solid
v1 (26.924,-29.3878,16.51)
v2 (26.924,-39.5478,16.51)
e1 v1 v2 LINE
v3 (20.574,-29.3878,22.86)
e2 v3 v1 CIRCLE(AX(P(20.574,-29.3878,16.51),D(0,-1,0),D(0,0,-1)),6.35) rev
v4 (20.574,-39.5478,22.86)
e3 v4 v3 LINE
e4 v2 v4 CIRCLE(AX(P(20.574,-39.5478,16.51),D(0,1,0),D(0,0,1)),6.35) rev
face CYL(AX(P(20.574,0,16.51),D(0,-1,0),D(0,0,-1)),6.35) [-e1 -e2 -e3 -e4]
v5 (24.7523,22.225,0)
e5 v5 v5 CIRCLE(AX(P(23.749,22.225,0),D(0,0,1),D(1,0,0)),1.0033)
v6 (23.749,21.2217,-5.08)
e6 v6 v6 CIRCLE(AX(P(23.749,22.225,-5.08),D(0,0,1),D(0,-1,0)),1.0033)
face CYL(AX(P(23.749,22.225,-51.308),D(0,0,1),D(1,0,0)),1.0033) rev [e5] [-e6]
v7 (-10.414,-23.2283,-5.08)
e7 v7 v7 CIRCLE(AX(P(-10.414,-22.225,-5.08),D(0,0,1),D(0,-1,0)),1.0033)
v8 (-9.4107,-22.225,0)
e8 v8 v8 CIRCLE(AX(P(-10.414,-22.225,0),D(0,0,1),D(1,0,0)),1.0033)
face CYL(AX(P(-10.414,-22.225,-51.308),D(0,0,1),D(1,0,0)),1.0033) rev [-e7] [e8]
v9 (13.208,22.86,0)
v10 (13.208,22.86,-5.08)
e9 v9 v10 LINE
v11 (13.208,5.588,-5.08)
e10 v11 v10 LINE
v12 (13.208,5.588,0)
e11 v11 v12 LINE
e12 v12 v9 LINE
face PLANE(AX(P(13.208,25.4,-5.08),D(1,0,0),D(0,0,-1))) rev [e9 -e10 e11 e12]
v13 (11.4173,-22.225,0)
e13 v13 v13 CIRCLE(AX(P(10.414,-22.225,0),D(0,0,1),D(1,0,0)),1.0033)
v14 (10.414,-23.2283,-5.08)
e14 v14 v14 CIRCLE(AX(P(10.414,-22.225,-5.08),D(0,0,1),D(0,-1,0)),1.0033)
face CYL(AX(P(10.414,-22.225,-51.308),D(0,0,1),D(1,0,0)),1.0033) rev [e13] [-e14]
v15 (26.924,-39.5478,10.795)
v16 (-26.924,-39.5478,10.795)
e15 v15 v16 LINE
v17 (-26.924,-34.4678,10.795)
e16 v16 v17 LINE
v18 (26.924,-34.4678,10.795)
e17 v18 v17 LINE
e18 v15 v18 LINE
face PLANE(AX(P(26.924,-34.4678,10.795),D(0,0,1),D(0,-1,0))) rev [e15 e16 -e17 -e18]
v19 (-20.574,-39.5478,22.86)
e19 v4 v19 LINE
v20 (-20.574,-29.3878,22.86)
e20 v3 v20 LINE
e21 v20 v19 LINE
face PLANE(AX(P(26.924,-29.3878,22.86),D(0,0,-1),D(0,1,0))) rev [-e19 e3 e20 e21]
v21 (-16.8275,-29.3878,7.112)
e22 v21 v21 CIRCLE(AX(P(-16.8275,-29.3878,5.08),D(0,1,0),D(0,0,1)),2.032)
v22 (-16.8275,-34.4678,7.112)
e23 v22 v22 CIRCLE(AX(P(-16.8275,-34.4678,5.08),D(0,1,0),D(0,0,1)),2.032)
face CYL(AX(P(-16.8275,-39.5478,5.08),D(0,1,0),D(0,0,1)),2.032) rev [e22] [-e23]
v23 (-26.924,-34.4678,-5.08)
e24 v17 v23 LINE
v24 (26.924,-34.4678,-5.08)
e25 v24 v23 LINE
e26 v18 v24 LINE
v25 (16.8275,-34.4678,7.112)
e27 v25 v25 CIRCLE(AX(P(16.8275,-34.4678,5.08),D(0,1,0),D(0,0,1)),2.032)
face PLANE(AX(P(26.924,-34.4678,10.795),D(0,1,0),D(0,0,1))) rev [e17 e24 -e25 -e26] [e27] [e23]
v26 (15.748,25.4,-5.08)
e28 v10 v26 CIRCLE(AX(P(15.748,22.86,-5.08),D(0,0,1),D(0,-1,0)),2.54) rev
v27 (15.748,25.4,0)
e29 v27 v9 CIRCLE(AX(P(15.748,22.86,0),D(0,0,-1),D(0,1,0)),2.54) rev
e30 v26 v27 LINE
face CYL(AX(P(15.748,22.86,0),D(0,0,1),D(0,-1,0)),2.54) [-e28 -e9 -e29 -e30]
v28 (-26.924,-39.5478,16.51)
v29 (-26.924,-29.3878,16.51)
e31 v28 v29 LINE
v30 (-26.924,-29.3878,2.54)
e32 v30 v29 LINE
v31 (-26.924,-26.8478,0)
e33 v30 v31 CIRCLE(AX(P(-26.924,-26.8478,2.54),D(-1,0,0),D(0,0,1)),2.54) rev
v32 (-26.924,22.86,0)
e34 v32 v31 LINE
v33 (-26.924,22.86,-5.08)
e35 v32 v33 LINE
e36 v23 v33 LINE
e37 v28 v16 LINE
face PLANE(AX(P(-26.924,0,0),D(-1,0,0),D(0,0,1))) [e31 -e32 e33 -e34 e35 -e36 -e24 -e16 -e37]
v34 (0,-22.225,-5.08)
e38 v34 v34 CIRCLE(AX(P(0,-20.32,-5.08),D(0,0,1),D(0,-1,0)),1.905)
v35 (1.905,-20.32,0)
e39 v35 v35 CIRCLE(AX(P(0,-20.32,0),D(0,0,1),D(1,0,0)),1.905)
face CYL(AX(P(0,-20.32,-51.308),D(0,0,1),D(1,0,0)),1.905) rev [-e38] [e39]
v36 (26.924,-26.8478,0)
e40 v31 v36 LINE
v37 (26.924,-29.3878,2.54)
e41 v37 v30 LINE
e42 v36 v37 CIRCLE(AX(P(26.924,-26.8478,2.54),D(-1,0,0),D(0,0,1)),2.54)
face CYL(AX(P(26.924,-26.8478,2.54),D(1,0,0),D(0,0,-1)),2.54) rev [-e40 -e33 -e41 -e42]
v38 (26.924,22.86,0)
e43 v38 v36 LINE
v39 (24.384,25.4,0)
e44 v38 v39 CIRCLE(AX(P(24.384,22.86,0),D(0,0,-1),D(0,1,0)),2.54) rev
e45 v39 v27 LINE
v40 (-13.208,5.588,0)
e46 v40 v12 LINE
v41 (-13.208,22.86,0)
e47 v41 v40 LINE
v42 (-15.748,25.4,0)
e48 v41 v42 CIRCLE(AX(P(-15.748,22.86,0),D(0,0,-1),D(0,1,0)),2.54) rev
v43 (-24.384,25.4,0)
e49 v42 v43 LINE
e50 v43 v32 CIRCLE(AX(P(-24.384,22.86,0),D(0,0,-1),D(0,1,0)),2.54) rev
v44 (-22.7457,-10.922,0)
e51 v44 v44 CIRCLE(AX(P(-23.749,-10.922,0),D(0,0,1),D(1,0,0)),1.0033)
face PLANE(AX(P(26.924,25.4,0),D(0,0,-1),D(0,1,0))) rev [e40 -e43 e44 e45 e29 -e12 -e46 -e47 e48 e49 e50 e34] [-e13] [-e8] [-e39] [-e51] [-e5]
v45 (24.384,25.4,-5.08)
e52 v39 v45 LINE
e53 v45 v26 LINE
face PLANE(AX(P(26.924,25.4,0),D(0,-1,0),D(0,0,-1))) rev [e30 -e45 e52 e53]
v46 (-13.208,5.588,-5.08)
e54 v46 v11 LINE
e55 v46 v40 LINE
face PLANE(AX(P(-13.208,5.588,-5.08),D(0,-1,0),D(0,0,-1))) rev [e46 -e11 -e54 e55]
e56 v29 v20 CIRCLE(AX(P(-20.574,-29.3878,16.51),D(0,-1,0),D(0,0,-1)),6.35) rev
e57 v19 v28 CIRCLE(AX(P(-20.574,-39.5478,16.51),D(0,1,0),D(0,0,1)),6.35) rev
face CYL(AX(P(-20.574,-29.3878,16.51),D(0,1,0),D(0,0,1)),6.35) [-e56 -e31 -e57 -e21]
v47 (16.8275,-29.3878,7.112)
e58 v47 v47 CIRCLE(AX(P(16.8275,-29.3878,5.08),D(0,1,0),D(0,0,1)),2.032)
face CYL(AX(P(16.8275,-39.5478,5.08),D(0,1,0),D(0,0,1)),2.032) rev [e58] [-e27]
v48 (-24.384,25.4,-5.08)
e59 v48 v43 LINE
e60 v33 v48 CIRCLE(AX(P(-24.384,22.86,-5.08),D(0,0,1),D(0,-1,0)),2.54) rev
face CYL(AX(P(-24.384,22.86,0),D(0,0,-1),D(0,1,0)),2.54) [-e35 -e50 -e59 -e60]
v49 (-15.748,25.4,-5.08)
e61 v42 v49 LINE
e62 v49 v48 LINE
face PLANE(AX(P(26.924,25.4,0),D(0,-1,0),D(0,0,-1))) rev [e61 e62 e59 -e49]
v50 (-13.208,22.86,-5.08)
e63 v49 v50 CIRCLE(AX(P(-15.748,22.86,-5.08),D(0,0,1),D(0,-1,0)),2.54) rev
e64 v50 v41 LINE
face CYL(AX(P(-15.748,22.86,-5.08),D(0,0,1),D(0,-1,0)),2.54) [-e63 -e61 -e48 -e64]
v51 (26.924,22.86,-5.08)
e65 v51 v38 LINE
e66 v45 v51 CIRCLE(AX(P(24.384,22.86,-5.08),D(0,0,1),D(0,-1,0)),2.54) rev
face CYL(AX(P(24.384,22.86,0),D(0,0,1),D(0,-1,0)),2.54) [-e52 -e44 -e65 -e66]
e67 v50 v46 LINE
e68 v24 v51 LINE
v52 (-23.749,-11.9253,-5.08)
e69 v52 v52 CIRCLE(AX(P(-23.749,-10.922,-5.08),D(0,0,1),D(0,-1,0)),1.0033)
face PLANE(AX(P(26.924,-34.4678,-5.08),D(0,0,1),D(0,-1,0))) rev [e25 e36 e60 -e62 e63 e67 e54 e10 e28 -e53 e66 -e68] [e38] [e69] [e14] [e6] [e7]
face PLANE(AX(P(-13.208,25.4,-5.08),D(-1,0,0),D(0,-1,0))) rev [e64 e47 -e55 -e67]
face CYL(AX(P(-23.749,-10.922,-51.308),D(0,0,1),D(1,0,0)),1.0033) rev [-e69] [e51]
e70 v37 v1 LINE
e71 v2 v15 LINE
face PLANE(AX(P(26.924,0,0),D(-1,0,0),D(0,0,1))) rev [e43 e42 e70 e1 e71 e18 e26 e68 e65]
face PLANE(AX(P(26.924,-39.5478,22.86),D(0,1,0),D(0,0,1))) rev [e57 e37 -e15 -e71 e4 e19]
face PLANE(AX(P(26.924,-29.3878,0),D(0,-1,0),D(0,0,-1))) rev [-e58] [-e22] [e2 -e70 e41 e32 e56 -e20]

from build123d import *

# Parameters (mm, degrees)
BOSS_EXTRUDE1_DEPTH = 26.924
SKETCH2_R           = 1.0033
SKETCH2_R_2         = 1.905
CUT_EXTRUDE1_DEPTH  = 51.308
SKETCH3_W           = 26.416
SKETCH3_H           = 19.812
CUT_EXTRUDE2_DEPTH  = 5.08
FILLET1_R           = 6.35
FILLET2_R           = 2.54
FILLET3_R           = 2.54
SKETCH4_R           = 2.032
CUT_EXTRUDE3_DEPTH  = 66.185768423


with BuildPart() as part:
    # Sketch1 → Boss-Extrude1 (new, symmetric)
    with BuildSketch(Plane(origin=(0, 0, 0), x_dir=(0, 0, -1), z_dir=(1, 0, 0))):
        Polygon((-10.795, -34.4678), (5.08, -34.4678), (5.08, 25.4), (0, 25.4), (0, -29.3878), (-22.86, -29.3878), (-22.86, -39.5478), (-10.795, -39.5478), align=None)
    extrude(amount=BOSS_EXTRUDE1_DEPTH, both=True)

    # Sketch2 → Cut-Extrude1 (cut)
    with BuildSketch(Plane.XY):
        with Locations((23.749, 22.225)):
            Circle(SKETCH2_R)
        with Locations((-10.414, -22.225)):
            Circle(SKETCH2_R)
        with Locations((10.414, -22.225)):
            Circle(SKETCH2_R)
        with Locations((0, -20.32)):
            Circle(SKETCH2_R_2)
        with Locations((-23.749, -10.922)):
            Circle(SKETCH2_R)
    extrude(amount=-CUT_EXTRUDE1_DEPTH, mode=Mode.SUBTRACT)

    # Sketch3 → Cut-Extrude2 (cut)
    with BuildSketch(Plane.XY):
        with Locations((0, 15.494)):
            Rectangle(SKETCH3_W, SKETCH3_H)
    extrude(amount=-CUT_EXTRUDE2_DEPTH, mode=Mode.SUBTRACT)

    # Fillet1
    fillet1_edges = [part.edges().sort_by_distance(p)[0] for p in [
        (26.924, -34.4678, 22.86),
        (-26.924, -34.4678, 22.86),
    ]]
    fillet(fillet1_edges, radius=FILLET1_R)

    # Fillet2
    fillet2_edges = [part.edges().sort_by_distance(p)[0] for p in [
        (26.924, 25.4, -2.54),
        (-13.208, 25.4, -2.54),
        (13.208, 25.4, -2.54),
        (-26.924, 25.4, -2.54),
    ]]
    fillet(fillet2_edges, radius=FILLET2_R)

    # Fillet3
    fillet3_edges = [part.edges().sort_by_distance(p)[0] for p in [
        (0, -29.3878, 0),
    ]]
    fillet(fillet3_edges, radius=FILLET3_R)

    # Sketch4 → Cut-Extrude3 (cut, through all)
    with BuildSketch(Plane(origin=(0, -29.3878, 0), x_dir=(1, 0, 0), z_dir=(0, 1, 0))):
        with Locations(Location((-16.8275, -5.08, 0), (0, 0, 270))):
            Circle(SKETCH4_R)
        with Locations(Location((16.8275, -5.08, 0), (0, 0, 270))):
            Circle(SKETCH4_R)
    extrude(amount=-CUT_EXTRUDE3_DEPTH, mode=Mode.SUBTRACT)


solid = part.part
